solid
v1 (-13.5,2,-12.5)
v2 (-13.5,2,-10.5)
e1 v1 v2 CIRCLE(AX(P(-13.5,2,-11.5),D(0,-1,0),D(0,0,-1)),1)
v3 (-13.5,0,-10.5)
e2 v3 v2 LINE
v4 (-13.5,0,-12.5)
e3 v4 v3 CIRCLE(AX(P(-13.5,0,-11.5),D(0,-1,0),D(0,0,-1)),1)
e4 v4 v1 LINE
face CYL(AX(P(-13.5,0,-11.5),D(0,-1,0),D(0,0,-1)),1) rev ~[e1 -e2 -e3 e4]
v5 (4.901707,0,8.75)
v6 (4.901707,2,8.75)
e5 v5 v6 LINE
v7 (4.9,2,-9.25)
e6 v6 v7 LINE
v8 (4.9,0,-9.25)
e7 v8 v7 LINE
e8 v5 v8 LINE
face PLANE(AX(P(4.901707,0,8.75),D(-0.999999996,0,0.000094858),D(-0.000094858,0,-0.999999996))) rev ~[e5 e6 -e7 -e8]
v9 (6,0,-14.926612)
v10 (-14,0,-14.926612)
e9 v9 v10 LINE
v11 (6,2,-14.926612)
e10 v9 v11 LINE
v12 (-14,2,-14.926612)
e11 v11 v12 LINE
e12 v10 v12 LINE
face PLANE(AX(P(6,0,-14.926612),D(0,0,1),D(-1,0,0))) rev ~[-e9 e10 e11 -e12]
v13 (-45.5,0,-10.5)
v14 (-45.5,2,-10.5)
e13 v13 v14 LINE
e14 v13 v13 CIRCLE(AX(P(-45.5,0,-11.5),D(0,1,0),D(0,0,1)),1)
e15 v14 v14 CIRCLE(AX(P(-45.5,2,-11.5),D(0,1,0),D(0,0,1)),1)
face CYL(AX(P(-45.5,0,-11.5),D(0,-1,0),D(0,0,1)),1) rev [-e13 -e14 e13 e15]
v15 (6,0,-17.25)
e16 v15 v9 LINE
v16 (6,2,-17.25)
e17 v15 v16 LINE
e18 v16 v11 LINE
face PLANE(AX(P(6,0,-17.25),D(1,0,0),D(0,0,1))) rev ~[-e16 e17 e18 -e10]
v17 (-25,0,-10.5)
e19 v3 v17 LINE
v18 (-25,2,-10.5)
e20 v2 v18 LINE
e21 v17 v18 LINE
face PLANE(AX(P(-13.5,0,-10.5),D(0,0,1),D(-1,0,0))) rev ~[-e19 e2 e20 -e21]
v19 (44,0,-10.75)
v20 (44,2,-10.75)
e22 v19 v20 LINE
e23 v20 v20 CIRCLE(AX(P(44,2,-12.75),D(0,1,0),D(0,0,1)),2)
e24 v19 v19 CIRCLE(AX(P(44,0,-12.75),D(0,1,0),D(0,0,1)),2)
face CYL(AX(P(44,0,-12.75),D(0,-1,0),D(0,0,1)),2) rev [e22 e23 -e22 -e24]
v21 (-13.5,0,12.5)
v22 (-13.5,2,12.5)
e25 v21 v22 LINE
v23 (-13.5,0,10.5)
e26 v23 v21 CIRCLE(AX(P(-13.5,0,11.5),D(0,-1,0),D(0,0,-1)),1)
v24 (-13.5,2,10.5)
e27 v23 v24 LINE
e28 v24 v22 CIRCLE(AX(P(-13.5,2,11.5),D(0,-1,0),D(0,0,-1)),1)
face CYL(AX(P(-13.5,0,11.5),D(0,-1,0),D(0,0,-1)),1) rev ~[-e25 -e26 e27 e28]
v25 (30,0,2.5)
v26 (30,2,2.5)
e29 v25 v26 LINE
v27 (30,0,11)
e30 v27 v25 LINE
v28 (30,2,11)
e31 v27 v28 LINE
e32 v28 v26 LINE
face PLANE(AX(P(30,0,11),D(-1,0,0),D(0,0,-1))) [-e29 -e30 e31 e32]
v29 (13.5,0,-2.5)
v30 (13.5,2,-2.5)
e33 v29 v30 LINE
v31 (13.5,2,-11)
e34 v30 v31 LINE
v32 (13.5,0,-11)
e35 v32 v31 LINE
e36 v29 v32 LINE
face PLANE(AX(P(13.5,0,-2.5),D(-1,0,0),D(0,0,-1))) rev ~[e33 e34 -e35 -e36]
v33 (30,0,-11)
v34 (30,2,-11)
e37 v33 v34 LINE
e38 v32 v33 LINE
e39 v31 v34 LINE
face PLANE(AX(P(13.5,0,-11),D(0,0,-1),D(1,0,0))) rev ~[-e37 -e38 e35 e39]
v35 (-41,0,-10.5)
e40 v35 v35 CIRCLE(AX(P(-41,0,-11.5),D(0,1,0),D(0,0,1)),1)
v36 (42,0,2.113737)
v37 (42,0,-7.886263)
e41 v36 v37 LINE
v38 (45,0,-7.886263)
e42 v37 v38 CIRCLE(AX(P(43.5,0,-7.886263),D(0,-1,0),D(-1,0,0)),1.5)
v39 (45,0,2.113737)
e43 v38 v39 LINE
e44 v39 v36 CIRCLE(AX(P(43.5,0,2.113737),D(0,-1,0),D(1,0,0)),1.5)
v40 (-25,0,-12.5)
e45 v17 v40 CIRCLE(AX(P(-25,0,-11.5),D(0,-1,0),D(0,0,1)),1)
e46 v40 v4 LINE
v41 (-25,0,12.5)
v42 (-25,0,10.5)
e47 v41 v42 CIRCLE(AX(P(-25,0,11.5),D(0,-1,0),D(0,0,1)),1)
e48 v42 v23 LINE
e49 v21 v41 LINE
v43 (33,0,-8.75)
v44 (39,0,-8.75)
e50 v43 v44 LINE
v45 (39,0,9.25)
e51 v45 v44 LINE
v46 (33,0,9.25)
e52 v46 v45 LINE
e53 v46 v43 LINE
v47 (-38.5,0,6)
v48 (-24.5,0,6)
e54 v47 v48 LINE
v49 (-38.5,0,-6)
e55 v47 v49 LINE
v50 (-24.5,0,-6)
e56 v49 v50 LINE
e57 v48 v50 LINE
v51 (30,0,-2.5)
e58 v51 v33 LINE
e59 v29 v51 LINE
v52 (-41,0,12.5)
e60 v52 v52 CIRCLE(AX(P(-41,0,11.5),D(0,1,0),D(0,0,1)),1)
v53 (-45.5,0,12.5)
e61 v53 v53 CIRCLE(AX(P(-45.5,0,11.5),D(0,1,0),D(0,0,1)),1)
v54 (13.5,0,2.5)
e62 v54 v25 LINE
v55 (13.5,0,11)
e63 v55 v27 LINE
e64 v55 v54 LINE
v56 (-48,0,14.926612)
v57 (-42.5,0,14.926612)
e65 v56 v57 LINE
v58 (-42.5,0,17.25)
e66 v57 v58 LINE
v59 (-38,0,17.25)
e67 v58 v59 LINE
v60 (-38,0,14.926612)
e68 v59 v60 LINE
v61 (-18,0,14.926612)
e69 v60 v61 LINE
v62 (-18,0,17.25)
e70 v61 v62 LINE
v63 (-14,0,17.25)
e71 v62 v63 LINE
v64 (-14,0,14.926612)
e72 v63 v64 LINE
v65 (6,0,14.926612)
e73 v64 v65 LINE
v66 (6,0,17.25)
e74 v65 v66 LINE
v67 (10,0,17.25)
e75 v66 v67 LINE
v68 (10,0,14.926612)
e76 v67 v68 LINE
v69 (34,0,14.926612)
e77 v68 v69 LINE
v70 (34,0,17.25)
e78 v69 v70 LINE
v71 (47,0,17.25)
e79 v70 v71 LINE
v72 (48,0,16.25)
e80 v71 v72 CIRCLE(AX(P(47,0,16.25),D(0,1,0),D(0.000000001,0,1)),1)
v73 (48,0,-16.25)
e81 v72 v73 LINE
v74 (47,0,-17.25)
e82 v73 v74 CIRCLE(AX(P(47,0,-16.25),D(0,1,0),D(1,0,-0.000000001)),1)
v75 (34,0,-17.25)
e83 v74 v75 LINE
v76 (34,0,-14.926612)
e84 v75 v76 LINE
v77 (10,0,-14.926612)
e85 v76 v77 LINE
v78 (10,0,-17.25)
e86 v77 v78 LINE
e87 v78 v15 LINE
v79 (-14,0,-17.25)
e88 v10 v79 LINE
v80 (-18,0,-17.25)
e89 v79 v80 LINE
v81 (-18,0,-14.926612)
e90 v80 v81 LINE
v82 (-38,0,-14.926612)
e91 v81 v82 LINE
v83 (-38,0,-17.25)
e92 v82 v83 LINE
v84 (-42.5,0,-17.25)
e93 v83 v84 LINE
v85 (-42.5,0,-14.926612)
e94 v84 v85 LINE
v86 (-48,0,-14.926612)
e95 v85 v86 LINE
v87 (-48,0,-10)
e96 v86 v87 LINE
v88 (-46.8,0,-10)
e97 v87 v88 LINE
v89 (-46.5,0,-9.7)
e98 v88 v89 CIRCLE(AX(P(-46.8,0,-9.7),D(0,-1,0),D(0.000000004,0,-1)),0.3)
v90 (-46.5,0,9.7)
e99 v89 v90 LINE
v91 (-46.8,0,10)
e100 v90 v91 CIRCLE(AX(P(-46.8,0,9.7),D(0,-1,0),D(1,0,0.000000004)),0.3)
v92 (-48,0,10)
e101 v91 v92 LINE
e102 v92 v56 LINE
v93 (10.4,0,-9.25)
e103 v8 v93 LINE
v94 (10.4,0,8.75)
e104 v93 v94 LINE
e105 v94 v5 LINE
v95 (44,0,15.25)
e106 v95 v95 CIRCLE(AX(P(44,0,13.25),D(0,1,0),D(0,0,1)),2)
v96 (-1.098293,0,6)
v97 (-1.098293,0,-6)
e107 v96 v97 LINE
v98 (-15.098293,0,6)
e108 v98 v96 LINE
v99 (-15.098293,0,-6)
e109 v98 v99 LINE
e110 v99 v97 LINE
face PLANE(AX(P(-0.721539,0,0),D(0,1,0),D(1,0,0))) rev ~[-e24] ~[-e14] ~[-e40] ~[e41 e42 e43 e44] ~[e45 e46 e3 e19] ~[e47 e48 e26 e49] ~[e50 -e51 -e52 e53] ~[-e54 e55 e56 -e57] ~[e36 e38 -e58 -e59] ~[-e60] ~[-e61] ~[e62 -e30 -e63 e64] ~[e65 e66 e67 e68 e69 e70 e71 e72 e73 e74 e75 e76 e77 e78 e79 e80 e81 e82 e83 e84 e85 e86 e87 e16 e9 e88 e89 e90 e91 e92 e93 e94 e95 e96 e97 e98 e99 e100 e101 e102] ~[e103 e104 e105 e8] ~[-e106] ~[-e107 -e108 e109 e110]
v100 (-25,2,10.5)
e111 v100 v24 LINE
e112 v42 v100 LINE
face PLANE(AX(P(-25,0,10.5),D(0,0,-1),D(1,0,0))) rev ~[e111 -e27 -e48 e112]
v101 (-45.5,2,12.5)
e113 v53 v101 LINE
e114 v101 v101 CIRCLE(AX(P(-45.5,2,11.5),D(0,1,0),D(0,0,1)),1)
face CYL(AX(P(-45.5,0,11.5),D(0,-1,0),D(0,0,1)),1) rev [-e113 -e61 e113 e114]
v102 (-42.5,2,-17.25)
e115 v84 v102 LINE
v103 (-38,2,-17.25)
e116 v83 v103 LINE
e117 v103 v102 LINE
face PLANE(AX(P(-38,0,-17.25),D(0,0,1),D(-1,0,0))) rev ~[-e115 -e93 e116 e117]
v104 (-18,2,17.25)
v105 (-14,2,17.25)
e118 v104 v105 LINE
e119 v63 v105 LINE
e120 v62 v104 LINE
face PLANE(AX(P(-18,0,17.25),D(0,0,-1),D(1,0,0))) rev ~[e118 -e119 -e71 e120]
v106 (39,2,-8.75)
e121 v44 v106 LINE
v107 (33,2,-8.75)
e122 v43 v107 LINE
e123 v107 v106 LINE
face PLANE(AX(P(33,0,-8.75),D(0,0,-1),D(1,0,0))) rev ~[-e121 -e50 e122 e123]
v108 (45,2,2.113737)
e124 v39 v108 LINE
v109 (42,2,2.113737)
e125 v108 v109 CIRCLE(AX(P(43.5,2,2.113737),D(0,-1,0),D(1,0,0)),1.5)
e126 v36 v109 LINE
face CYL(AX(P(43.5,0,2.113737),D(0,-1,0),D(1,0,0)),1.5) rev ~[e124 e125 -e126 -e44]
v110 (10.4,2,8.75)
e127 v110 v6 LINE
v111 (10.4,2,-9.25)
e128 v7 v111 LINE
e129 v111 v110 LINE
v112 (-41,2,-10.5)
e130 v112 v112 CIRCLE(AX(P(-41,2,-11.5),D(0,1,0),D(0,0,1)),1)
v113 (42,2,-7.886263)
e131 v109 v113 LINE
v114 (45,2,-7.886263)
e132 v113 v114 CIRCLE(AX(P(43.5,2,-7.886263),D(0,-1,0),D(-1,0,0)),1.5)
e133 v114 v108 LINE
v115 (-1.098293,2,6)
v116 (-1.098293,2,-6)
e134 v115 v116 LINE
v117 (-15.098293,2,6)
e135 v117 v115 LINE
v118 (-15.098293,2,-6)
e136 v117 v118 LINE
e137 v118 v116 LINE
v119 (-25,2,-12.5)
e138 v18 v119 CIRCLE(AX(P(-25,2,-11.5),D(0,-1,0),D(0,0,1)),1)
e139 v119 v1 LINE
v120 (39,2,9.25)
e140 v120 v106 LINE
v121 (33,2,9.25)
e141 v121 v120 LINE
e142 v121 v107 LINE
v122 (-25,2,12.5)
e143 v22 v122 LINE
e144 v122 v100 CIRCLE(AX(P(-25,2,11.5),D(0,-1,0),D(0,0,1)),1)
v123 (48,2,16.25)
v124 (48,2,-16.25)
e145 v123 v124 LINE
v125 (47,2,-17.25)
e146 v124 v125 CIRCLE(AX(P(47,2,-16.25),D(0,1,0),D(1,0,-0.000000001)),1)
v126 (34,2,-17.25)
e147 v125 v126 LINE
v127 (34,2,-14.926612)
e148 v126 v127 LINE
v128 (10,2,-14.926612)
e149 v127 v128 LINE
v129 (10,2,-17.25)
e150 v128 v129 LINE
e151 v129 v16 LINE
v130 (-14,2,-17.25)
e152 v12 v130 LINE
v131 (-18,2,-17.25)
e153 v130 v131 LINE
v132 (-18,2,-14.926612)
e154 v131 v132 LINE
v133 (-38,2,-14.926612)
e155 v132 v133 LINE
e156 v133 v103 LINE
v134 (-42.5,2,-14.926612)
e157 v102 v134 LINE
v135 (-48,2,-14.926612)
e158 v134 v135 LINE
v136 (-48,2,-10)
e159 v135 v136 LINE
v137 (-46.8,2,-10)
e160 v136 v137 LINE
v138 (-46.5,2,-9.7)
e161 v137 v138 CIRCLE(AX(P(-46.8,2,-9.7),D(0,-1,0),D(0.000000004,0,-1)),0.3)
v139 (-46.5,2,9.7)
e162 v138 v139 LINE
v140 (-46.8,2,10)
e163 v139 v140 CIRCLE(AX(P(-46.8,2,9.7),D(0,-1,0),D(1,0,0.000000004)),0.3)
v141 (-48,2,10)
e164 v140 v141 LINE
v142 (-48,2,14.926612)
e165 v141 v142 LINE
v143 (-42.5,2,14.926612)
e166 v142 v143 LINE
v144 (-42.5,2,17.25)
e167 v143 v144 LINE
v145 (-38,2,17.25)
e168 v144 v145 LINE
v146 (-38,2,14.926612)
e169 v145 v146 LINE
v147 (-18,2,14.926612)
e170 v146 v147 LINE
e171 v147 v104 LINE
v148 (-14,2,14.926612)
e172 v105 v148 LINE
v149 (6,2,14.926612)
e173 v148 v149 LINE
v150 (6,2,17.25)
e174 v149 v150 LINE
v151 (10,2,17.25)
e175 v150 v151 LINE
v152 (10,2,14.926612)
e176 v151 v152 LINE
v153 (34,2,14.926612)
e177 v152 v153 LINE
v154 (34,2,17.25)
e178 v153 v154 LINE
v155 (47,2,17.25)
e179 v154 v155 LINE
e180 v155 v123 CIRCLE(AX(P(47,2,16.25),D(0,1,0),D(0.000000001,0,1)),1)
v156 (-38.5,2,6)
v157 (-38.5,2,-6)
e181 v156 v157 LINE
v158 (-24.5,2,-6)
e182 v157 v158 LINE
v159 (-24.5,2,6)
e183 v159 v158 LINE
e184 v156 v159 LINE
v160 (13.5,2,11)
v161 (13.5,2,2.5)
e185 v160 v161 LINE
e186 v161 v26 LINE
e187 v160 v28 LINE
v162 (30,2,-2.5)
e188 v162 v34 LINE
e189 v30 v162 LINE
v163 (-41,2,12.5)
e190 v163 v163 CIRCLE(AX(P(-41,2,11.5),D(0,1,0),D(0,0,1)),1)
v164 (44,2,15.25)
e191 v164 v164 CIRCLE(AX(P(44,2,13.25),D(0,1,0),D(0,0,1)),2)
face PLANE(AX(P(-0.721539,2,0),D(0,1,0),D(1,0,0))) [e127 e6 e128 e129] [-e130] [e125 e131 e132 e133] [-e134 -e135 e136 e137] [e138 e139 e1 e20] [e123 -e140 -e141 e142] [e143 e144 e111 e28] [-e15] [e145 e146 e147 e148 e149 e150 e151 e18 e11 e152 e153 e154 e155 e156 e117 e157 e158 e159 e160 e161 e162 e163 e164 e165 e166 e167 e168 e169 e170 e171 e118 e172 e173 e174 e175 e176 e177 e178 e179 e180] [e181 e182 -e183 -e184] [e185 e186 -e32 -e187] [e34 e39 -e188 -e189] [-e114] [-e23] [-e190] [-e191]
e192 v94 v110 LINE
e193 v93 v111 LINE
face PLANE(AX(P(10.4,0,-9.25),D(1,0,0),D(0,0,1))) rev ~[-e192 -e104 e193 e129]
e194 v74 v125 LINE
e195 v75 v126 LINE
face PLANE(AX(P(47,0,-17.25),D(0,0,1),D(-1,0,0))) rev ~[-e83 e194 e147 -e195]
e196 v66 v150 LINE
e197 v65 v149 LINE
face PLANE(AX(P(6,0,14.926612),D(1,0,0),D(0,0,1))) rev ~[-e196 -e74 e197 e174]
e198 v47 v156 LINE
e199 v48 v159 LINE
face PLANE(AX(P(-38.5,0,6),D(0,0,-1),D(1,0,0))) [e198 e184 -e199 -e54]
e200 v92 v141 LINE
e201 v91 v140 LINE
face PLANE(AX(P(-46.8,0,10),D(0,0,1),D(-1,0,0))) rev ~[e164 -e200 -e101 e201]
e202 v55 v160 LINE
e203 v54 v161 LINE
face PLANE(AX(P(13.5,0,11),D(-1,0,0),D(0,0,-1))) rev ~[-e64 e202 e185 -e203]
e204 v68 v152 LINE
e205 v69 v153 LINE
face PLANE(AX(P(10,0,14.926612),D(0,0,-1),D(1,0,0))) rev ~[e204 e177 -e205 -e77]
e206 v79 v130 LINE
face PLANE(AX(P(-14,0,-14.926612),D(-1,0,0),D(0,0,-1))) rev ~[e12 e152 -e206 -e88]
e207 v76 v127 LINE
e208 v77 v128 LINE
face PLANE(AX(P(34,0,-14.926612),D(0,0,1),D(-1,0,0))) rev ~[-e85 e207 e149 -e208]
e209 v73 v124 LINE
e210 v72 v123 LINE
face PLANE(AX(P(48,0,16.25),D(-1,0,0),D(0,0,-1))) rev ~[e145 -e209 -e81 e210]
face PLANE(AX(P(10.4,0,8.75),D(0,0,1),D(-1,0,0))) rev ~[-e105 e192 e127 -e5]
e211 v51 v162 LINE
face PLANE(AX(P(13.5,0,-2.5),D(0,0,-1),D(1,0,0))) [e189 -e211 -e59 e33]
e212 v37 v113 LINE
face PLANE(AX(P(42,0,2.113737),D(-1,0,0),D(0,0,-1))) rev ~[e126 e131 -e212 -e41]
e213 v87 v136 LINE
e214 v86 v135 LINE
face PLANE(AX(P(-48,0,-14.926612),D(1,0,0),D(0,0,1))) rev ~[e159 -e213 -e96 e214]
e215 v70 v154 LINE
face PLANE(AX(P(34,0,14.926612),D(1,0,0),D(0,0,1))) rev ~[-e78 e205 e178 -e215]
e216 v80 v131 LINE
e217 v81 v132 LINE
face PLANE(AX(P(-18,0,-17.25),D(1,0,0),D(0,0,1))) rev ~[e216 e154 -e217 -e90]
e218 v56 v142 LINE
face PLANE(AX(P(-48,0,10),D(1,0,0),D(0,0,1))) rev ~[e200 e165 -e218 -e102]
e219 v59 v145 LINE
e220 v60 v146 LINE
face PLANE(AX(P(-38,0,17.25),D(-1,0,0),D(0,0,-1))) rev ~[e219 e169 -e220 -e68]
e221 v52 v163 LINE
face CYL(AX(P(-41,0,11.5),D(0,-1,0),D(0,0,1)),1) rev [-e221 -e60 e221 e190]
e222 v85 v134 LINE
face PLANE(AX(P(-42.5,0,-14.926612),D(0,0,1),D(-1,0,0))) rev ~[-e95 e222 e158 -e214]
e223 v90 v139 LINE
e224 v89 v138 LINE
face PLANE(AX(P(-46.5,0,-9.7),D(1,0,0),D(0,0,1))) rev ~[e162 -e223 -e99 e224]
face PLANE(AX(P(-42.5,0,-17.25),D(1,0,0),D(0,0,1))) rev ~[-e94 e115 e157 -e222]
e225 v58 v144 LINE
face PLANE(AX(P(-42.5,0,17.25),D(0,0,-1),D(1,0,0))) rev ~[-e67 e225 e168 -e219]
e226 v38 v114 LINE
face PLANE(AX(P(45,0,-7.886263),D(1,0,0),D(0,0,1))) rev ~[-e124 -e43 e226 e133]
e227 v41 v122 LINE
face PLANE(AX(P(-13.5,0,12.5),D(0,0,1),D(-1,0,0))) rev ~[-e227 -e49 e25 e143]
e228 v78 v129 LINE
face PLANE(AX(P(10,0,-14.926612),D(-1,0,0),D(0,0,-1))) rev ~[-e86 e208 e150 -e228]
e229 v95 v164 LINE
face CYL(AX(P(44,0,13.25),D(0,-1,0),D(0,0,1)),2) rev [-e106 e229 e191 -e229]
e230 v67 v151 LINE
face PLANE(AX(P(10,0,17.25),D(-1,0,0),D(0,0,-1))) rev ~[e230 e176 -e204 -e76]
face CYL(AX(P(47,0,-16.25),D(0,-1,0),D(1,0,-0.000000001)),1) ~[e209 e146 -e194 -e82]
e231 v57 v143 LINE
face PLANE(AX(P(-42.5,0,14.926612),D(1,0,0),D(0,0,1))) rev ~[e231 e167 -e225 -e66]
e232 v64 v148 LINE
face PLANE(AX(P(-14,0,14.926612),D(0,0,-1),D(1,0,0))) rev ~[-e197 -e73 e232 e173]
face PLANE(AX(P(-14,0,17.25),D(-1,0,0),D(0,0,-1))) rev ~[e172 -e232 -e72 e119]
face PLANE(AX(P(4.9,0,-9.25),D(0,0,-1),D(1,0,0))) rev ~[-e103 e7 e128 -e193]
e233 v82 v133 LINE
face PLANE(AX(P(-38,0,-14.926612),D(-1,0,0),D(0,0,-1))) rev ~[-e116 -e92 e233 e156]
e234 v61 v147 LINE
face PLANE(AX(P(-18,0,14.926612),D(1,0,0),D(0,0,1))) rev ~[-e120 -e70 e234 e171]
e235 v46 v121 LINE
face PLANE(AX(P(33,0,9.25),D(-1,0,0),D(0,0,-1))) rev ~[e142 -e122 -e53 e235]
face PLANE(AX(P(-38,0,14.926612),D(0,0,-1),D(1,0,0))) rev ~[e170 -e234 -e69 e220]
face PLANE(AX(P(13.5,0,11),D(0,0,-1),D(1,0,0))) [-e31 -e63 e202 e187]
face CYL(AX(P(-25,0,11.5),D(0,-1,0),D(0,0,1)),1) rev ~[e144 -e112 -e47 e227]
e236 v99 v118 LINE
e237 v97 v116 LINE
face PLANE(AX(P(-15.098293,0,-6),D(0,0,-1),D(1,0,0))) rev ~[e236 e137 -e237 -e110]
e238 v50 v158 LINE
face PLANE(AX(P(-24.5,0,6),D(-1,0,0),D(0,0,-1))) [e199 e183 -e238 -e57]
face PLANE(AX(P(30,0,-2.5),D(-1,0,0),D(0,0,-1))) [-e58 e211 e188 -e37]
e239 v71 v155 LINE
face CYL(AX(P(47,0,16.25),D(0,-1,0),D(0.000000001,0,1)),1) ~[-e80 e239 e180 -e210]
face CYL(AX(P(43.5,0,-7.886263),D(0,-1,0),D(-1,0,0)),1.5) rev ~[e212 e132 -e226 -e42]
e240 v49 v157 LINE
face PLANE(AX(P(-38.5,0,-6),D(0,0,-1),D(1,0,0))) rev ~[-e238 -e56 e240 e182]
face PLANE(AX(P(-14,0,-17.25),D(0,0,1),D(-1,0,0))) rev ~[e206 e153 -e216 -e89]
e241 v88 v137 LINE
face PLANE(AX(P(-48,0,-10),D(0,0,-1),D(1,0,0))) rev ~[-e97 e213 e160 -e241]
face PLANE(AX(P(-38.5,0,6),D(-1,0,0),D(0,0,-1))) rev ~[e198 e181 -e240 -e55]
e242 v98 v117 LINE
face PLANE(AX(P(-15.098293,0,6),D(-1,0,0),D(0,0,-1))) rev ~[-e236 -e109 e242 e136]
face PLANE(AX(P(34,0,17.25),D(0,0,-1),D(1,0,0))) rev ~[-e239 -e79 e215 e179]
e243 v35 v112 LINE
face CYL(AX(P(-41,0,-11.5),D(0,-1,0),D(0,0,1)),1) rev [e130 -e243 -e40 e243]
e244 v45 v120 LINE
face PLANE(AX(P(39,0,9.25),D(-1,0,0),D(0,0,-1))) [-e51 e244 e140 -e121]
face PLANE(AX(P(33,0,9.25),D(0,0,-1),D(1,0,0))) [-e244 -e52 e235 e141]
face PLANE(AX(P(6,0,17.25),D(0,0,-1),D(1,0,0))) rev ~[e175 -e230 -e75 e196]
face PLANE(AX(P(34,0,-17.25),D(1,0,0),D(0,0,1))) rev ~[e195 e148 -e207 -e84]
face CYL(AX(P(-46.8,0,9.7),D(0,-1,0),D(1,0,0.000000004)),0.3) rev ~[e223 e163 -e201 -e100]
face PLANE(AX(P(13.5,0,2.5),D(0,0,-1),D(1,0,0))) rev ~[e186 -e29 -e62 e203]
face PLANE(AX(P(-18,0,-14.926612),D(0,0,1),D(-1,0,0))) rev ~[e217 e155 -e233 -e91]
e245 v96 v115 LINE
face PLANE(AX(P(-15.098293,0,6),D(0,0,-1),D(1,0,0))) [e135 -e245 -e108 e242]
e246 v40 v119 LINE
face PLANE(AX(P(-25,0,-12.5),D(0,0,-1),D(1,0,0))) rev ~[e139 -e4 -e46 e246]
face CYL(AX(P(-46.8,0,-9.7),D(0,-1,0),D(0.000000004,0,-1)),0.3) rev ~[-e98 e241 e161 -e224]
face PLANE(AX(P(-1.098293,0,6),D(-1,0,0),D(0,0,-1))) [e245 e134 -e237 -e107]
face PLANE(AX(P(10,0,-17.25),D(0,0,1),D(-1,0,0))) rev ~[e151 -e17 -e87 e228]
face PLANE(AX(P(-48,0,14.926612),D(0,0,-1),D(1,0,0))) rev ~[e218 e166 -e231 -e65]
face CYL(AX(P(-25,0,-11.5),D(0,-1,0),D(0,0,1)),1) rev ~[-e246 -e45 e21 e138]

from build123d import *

# Parameters (mm, degrees)
TOP_PLATE_R             = 1
TOP_PLATE_R_2           = 2
TOP_PLATE_W             = 16.5
TOP_PLATE_H             = 8.5
TOP_PLATE_W_2           = 6
TOP_PLATE_H_2           = 18
TOP_PLATE_W_3           = 14
TOP_PLATE_H_3           = 12
TOP_PLATE_EXTRUDE_DEPTH = 2


with BuildPart() as part:
    # Top Plate → Top Plate Extrude (new body)
    with BuildSketch(Plane(origin=(0, 0, 0), x_dir=(1, 0, 0), z_dir=(0, 1, 0))):
        with BuildLine():
            Line((-38, 17.25), (-42.5, 17.25))
            Line((-42.5, 17.25), (-42.5, 14.926611549))
            Line((-42.5, 14.926611549), (-48, 14.926611549))
            Line((-48, 14.926611549), (-48, 10))
            Line((-48, 10), (-46.8, 10))
            ThreePointArc((-46.8, 10), (-46.587867966, 9.912132034), (-46.5, 9.7))
            Line((-46.5, 9.7), (-46.5, -9.7))
            ThreePointArc((-46.5, -9.7), (-46.587867966, -9.912132034), (-46.8, -10))
            Line((-46.8, -10), (-48, -10))
            Line((-48, -10), (-48, -14.926611549))
            Line((-48, -14.926611549), (-42.5, -14.926611549))
            Line((-42.5, -14.926611549), (-42.5, -17.25))
            Line((-42.5, -17.25), (-38, -17.25))
            Line((-38, -17.25), (-38, -14.926611549))
            Line((-38, -14.926611549), (-18, -14.926611549))
            Line((-18, -14.926611549), (-18, -17.25))
            Line((-18, -17.25), (-14, -17.25))
            Line((-14, -17.25), (-14, -14.926611549))
            Line((-14, -14.926611549), (6, -14.926611549))
            Line((6, -14.926611549), (6, -17.25))
            Line((6, -17.25), (10, -17.25))
            Line((10, -17.25), (10, -14.926611549))
            Line((10, -14.926611549), (34, -14.926611549))
            Line((34, -14.926611549), (34, -17.25))
            Line((34, -17.25), (47, -17.25))
            ThreePointArc((47, -17.25), (47.707106781, -16.957106781), (48, -16.25))
            Line((48, -16.25), (48, 16.25))
            ThreePointArc((48, 16.25), (47.707106781, 16.957106781), (47, 17.25))
            Line((47, 17.25), (34, 17.25))
            Line((34, 17.25), (34, 14.926611549))
            Line((34, 14.926611549), (10, 14.926611549))
            Line((10, 14.926611549), (10, 17.25))
            Line((10, 17.25), (6, 17.25))
            Line((6, 17.25), (6, 14.926611549))
            Line((6, 14.926611549), (-14, 14.926611549))
            Line((-14, 14.926611549), (-14, 17.25))
            Line((-14, 17.25), (-18, 17.25))
            Line((-18, 17.25), (-18, 14.926611549))
            Line((-18, 14.926611549), (-38, 14.926611549))
            Line((-38, 14.926611549), (-38, 17.25))
        make_face()
        with Locations(Location((-45.5, -11.5, 0), (0, 0, 270))):
            Circle(TOP_PLATE_R, mode=Mode.SUBTRACT)
        with Locations(Location((-41, -11.5, 0), (0, 0, 270))):
            Circle(TOP_PLATE_R, mode=Mode.SUBTRACT)
        with BuildLine():
            Line((-25, -10.5), (-13.5, -10.5))
            ThreePointArc((-13.5, -10.5), (-12.5, -11.5), (-13.5, -12.5))
            Line((-13.5, -12.5), (-25, -12.5))
            ThreePointArc((-25, -12.5), (-26, -11.5), (-25, -10.5))
        make_face(mode=Mode.SUBTRACT)
        with Locations(Location((44, -13.25, 0), (0, 0, 270))):
            Circle(TOP_PLATE_R_2, mode=Mode.SUBTRACT)
        with Locations((21.75, -6.75)):
            Rectangle(TOP_PLATE_W, TOP_PLATE_H, mode=Mode.SUBTRACT)
        with Locations((36, -0.25)):
            Rectangle(TOP_PLATE_W_2, TOP_PLATE_H_2, mode=Mode.SUBTRACT)
        with Locations((-31.5, 0)):
            Rectangle(TOP_PLATE_W_3, TOP_PLATE_H_3, mode=Mode.SUBTRACT)
        with Locations((-8.098292563, 0)):
            Rectangle(TOP_PLATE_W_3, TOP_PLATE_H_3, mode=Mode.SUBTRACT)
        with Locations(Location((-45.5, 11.5, 0), (0, 0, 270))):
            Circle(TOP_PLATE_R, mode=Mode.SUBTRACT)
        with Locations(Location((-41, 11.5, 0), (0, 0, 270))):
            Circle(TOP_PLATE_R, mode=Mode.SUBTRACT)
        with BuildLine():
            ThreePointArc((-13.5, 12.5), (-12.5, 11.5), (-13.5, 10.5))
            Line((-13.5, 10.5), (-25, 10.5))
            ThreePointArc((-25, 10.5), (-26, 11.5), (-25, 12.5))
            Line((-25, 12.5), (-13.5, 12.5))
        make_face(mode=Mode.SUBTRACT)
        Polygon((4.9, 9.249999917), (10.4, 9.249999917), (10.4, -8.75), (4.901707437, -8.750000002), align=None, mode=Mode.SUBTRACT)
        with Locations((21.75, 6.75)):
            Rectangle(TOP_PLATE_W, TOP_PLATE_H, mode=Mode.SUBTRACT)
        with BuildLine():
            ThreePointArc((42, 7.886262649), (43.5, 9.386262649), (45, 7.886262649))
            Line((45, 7.886262649), (45, -2.113737351))
            ThreePointArc((45, -2.113737351), (43.5, -3.613737351), (42, -2.113737351))
            Line((42, -2.113737351), (42, 7.886262649))
        make_face(mode=Mode.SUBTRACT)
        with Locations(Location((44, 12.75, 0), (0, 0, 270))):
            Circle(TOP_PLATE_R_2, mode=Mode.SUBTRACT)
    extrude(amount=TOP_PLATE_EXTRUDE_DEPTH)


solid = part.part
